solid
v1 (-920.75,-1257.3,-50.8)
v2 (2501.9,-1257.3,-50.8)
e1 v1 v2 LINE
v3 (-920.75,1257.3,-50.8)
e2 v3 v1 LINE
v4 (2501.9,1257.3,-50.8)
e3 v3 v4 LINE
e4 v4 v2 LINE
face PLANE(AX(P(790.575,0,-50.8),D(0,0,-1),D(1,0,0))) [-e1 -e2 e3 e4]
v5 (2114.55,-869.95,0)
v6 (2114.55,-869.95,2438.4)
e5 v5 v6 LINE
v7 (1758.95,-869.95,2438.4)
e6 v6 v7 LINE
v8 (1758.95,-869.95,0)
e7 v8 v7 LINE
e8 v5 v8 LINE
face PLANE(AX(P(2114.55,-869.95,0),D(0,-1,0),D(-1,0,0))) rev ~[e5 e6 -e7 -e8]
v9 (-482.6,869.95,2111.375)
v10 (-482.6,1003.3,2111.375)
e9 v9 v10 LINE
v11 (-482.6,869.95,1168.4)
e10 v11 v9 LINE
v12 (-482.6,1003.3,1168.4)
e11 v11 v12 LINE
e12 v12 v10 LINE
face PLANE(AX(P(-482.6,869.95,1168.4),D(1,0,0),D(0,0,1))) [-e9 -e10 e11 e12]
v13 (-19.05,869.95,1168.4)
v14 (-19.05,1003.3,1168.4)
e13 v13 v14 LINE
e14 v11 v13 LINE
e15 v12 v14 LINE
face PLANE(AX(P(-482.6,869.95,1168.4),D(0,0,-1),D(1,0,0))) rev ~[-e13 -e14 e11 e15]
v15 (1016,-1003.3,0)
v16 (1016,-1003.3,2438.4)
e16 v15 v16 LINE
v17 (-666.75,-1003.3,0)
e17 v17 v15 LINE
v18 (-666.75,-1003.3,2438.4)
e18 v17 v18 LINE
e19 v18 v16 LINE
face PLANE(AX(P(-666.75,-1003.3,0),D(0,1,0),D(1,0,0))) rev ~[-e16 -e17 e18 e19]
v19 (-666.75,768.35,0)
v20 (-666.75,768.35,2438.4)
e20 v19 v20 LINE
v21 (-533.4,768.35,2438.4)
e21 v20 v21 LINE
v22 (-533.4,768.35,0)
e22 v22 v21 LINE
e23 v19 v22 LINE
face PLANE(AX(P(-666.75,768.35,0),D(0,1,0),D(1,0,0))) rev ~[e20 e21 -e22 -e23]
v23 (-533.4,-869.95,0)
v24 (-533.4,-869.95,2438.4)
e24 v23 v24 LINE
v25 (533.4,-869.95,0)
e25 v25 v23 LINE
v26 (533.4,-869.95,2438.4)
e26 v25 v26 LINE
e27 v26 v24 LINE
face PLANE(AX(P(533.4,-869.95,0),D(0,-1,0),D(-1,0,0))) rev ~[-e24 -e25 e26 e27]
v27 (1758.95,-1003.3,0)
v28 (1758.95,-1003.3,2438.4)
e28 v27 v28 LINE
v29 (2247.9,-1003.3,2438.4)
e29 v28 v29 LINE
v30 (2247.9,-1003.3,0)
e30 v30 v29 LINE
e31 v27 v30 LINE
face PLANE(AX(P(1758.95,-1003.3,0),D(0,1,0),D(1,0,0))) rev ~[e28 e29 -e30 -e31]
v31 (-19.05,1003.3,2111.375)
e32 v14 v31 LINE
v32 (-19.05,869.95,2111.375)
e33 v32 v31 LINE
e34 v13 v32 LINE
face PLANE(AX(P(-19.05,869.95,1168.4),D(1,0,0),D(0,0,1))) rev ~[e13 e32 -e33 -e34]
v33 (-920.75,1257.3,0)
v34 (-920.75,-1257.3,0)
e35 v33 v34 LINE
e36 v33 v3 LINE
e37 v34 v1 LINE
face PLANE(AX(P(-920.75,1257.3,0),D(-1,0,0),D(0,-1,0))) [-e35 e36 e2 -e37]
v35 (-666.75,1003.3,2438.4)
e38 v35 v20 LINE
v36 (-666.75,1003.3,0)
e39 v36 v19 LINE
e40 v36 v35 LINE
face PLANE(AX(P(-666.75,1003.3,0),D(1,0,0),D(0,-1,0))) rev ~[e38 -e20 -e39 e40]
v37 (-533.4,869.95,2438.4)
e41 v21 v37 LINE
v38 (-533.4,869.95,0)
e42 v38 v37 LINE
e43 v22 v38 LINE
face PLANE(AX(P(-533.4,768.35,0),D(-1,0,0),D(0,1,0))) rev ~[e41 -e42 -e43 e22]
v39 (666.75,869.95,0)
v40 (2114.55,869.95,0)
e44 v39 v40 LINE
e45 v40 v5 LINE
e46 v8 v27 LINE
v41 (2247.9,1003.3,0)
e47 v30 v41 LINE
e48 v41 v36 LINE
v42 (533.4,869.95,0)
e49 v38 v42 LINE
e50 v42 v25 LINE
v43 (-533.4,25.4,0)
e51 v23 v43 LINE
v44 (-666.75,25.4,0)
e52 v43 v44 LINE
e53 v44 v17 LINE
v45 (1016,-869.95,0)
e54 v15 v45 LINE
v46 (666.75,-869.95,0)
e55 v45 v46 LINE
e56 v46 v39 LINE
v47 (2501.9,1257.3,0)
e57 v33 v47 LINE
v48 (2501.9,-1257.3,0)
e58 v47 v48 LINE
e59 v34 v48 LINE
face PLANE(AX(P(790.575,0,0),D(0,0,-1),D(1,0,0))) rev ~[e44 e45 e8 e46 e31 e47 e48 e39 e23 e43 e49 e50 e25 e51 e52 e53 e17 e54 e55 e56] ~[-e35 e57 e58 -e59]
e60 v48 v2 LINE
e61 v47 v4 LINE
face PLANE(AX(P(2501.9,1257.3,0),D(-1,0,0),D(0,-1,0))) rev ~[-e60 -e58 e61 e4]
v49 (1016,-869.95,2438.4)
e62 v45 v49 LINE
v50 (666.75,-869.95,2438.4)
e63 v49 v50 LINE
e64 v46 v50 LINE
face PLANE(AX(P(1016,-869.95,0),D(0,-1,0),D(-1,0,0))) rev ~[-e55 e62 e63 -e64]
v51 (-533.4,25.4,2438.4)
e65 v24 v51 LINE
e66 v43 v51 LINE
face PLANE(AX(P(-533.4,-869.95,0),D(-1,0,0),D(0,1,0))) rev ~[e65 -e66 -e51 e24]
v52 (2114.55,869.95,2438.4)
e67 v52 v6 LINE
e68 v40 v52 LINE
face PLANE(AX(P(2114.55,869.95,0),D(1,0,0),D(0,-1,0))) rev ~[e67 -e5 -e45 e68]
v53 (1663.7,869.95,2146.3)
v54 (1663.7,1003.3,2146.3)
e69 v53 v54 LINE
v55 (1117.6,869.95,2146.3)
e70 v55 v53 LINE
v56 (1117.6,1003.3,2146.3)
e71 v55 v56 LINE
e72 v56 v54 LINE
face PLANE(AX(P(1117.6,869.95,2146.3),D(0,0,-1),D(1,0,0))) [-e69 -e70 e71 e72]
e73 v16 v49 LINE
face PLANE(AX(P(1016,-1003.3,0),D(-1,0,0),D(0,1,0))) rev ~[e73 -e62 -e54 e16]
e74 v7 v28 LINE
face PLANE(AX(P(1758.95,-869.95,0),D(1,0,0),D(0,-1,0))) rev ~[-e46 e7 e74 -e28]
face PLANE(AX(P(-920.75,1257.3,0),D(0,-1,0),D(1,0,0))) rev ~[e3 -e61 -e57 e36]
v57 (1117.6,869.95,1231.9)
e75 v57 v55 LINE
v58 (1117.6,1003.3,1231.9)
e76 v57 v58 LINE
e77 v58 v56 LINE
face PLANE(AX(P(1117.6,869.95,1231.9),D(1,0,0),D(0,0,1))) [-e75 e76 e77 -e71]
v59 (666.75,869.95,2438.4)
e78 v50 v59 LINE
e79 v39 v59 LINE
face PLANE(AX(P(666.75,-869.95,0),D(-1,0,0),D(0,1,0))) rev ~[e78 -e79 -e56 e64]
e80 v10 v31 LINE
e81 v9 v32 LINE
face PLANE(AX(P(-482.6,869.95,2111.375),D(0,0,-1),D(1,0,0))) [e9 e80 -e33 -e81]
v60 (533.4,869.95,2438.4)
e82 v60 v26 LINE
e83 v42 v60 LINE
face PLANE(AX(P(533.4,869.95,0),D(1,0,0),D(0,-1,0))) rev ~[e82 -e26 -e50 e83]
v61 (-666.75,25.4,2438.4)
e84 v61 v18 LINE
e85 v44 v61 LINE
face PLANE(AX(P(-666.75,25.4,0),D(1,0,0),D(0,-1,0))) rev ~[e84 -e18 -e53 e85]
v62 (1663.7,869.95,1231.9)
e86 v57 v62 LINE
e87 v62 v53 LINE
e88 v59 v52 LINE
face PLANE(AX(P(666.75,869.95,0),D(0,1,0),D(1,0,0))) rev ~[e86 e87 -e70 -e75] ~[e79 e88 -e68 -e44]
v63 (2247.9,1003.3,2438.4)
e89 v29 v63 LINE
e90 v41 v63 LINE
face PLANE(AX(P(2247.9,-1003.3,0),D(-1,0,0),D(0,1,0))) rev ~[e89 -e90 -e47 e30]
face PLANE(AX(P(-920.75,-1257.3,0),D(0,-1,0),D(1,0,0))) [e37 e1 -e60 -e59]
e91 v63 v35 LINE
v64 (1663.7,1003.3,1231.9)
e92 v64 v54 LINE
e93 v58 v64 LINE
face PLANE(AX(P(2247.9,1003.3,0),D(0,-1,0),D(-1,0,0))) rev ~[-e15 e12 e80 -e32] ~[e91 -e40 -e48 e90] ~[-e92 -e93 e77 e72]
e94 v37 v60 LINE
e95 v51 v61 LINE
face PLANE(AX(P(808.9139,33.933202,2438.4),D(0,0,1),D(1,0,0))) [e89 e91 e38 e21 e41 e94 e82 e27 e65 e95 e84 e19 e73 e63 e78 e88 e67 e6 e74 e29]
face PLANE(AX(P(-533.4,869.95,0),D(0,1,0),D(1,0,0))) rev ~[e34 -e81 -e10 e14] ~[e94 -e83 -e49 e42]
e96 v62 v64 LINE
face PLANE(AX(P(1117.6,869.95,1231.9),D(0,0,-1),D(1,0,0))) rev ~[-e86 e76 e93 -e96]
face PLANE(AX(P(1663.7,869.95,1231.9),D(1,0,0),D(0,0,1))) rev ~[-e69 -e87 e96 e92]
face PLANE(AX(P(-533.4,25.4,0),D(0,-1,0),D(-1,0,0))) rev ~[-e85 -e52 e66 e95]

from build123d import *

# Parameters (mm, degrees)
F1_DEPTH = 2438.4
F4_W     = 463.55
F4_H     = 942.975
F4_W_2   = 546.1
F4_H_2   = 914.4
F5_DEPTH = 133.351
F6_W     = 3422.65
F6_H     = 2514.6
F7_DEPTH = 50.8


with BuildPart() as f1:
    # F0 (on Top) → F1 (new body)
    with BuildSketch(Plane.XY):
        Polygon((533.4, 869.95), (533.4, -869.95), (-533.4, -869.95), (-533.4, 25.4), (-666.75, 25.4), (-666.75, -1003.3), (1016, -1003.3), (1016, -869.95), (666.75, -869.95), (666.75, 869.95), (2114.55, 869.95), (2114.55, -869.95), (1758.95, -869.95), (1758.95, -1003.3), (2247.9, -1003.3), (2247.9, 1003.3), (-666.75, 1003.3), (-666.75, 768.35), (-533.4, 768.35), (-533.4, 869.95), align=None)
    extrude(amount=F1_DEPTH)

    # F4 (on face) → F5 (cut, through all)
    with BuildSketch(Plane.XZ.offset(-869.95)):
        with Locations((-250.825, 1639.8875)):
            Rectangle(F4_W, F4_H)
        with Locations((1390.65, 1689.1)):
            Rectangle(F4_W_2, F4_H_2)
    extrude(amount=-F5_DEPTH, mode=Mode.SUBTRACT)

    # F6 (on face) → F7 (join)
    with BuildSketch(Plane(origin=(0, 0, 0), x_dir=(1, 0, 0), z_dir=(0, 0, -1))):
        with Locations((790.575, 0)):
            Rectangle(F6_W, F6_H)
    extrude(amount=F7_DEPTH)


solid = f1.part
